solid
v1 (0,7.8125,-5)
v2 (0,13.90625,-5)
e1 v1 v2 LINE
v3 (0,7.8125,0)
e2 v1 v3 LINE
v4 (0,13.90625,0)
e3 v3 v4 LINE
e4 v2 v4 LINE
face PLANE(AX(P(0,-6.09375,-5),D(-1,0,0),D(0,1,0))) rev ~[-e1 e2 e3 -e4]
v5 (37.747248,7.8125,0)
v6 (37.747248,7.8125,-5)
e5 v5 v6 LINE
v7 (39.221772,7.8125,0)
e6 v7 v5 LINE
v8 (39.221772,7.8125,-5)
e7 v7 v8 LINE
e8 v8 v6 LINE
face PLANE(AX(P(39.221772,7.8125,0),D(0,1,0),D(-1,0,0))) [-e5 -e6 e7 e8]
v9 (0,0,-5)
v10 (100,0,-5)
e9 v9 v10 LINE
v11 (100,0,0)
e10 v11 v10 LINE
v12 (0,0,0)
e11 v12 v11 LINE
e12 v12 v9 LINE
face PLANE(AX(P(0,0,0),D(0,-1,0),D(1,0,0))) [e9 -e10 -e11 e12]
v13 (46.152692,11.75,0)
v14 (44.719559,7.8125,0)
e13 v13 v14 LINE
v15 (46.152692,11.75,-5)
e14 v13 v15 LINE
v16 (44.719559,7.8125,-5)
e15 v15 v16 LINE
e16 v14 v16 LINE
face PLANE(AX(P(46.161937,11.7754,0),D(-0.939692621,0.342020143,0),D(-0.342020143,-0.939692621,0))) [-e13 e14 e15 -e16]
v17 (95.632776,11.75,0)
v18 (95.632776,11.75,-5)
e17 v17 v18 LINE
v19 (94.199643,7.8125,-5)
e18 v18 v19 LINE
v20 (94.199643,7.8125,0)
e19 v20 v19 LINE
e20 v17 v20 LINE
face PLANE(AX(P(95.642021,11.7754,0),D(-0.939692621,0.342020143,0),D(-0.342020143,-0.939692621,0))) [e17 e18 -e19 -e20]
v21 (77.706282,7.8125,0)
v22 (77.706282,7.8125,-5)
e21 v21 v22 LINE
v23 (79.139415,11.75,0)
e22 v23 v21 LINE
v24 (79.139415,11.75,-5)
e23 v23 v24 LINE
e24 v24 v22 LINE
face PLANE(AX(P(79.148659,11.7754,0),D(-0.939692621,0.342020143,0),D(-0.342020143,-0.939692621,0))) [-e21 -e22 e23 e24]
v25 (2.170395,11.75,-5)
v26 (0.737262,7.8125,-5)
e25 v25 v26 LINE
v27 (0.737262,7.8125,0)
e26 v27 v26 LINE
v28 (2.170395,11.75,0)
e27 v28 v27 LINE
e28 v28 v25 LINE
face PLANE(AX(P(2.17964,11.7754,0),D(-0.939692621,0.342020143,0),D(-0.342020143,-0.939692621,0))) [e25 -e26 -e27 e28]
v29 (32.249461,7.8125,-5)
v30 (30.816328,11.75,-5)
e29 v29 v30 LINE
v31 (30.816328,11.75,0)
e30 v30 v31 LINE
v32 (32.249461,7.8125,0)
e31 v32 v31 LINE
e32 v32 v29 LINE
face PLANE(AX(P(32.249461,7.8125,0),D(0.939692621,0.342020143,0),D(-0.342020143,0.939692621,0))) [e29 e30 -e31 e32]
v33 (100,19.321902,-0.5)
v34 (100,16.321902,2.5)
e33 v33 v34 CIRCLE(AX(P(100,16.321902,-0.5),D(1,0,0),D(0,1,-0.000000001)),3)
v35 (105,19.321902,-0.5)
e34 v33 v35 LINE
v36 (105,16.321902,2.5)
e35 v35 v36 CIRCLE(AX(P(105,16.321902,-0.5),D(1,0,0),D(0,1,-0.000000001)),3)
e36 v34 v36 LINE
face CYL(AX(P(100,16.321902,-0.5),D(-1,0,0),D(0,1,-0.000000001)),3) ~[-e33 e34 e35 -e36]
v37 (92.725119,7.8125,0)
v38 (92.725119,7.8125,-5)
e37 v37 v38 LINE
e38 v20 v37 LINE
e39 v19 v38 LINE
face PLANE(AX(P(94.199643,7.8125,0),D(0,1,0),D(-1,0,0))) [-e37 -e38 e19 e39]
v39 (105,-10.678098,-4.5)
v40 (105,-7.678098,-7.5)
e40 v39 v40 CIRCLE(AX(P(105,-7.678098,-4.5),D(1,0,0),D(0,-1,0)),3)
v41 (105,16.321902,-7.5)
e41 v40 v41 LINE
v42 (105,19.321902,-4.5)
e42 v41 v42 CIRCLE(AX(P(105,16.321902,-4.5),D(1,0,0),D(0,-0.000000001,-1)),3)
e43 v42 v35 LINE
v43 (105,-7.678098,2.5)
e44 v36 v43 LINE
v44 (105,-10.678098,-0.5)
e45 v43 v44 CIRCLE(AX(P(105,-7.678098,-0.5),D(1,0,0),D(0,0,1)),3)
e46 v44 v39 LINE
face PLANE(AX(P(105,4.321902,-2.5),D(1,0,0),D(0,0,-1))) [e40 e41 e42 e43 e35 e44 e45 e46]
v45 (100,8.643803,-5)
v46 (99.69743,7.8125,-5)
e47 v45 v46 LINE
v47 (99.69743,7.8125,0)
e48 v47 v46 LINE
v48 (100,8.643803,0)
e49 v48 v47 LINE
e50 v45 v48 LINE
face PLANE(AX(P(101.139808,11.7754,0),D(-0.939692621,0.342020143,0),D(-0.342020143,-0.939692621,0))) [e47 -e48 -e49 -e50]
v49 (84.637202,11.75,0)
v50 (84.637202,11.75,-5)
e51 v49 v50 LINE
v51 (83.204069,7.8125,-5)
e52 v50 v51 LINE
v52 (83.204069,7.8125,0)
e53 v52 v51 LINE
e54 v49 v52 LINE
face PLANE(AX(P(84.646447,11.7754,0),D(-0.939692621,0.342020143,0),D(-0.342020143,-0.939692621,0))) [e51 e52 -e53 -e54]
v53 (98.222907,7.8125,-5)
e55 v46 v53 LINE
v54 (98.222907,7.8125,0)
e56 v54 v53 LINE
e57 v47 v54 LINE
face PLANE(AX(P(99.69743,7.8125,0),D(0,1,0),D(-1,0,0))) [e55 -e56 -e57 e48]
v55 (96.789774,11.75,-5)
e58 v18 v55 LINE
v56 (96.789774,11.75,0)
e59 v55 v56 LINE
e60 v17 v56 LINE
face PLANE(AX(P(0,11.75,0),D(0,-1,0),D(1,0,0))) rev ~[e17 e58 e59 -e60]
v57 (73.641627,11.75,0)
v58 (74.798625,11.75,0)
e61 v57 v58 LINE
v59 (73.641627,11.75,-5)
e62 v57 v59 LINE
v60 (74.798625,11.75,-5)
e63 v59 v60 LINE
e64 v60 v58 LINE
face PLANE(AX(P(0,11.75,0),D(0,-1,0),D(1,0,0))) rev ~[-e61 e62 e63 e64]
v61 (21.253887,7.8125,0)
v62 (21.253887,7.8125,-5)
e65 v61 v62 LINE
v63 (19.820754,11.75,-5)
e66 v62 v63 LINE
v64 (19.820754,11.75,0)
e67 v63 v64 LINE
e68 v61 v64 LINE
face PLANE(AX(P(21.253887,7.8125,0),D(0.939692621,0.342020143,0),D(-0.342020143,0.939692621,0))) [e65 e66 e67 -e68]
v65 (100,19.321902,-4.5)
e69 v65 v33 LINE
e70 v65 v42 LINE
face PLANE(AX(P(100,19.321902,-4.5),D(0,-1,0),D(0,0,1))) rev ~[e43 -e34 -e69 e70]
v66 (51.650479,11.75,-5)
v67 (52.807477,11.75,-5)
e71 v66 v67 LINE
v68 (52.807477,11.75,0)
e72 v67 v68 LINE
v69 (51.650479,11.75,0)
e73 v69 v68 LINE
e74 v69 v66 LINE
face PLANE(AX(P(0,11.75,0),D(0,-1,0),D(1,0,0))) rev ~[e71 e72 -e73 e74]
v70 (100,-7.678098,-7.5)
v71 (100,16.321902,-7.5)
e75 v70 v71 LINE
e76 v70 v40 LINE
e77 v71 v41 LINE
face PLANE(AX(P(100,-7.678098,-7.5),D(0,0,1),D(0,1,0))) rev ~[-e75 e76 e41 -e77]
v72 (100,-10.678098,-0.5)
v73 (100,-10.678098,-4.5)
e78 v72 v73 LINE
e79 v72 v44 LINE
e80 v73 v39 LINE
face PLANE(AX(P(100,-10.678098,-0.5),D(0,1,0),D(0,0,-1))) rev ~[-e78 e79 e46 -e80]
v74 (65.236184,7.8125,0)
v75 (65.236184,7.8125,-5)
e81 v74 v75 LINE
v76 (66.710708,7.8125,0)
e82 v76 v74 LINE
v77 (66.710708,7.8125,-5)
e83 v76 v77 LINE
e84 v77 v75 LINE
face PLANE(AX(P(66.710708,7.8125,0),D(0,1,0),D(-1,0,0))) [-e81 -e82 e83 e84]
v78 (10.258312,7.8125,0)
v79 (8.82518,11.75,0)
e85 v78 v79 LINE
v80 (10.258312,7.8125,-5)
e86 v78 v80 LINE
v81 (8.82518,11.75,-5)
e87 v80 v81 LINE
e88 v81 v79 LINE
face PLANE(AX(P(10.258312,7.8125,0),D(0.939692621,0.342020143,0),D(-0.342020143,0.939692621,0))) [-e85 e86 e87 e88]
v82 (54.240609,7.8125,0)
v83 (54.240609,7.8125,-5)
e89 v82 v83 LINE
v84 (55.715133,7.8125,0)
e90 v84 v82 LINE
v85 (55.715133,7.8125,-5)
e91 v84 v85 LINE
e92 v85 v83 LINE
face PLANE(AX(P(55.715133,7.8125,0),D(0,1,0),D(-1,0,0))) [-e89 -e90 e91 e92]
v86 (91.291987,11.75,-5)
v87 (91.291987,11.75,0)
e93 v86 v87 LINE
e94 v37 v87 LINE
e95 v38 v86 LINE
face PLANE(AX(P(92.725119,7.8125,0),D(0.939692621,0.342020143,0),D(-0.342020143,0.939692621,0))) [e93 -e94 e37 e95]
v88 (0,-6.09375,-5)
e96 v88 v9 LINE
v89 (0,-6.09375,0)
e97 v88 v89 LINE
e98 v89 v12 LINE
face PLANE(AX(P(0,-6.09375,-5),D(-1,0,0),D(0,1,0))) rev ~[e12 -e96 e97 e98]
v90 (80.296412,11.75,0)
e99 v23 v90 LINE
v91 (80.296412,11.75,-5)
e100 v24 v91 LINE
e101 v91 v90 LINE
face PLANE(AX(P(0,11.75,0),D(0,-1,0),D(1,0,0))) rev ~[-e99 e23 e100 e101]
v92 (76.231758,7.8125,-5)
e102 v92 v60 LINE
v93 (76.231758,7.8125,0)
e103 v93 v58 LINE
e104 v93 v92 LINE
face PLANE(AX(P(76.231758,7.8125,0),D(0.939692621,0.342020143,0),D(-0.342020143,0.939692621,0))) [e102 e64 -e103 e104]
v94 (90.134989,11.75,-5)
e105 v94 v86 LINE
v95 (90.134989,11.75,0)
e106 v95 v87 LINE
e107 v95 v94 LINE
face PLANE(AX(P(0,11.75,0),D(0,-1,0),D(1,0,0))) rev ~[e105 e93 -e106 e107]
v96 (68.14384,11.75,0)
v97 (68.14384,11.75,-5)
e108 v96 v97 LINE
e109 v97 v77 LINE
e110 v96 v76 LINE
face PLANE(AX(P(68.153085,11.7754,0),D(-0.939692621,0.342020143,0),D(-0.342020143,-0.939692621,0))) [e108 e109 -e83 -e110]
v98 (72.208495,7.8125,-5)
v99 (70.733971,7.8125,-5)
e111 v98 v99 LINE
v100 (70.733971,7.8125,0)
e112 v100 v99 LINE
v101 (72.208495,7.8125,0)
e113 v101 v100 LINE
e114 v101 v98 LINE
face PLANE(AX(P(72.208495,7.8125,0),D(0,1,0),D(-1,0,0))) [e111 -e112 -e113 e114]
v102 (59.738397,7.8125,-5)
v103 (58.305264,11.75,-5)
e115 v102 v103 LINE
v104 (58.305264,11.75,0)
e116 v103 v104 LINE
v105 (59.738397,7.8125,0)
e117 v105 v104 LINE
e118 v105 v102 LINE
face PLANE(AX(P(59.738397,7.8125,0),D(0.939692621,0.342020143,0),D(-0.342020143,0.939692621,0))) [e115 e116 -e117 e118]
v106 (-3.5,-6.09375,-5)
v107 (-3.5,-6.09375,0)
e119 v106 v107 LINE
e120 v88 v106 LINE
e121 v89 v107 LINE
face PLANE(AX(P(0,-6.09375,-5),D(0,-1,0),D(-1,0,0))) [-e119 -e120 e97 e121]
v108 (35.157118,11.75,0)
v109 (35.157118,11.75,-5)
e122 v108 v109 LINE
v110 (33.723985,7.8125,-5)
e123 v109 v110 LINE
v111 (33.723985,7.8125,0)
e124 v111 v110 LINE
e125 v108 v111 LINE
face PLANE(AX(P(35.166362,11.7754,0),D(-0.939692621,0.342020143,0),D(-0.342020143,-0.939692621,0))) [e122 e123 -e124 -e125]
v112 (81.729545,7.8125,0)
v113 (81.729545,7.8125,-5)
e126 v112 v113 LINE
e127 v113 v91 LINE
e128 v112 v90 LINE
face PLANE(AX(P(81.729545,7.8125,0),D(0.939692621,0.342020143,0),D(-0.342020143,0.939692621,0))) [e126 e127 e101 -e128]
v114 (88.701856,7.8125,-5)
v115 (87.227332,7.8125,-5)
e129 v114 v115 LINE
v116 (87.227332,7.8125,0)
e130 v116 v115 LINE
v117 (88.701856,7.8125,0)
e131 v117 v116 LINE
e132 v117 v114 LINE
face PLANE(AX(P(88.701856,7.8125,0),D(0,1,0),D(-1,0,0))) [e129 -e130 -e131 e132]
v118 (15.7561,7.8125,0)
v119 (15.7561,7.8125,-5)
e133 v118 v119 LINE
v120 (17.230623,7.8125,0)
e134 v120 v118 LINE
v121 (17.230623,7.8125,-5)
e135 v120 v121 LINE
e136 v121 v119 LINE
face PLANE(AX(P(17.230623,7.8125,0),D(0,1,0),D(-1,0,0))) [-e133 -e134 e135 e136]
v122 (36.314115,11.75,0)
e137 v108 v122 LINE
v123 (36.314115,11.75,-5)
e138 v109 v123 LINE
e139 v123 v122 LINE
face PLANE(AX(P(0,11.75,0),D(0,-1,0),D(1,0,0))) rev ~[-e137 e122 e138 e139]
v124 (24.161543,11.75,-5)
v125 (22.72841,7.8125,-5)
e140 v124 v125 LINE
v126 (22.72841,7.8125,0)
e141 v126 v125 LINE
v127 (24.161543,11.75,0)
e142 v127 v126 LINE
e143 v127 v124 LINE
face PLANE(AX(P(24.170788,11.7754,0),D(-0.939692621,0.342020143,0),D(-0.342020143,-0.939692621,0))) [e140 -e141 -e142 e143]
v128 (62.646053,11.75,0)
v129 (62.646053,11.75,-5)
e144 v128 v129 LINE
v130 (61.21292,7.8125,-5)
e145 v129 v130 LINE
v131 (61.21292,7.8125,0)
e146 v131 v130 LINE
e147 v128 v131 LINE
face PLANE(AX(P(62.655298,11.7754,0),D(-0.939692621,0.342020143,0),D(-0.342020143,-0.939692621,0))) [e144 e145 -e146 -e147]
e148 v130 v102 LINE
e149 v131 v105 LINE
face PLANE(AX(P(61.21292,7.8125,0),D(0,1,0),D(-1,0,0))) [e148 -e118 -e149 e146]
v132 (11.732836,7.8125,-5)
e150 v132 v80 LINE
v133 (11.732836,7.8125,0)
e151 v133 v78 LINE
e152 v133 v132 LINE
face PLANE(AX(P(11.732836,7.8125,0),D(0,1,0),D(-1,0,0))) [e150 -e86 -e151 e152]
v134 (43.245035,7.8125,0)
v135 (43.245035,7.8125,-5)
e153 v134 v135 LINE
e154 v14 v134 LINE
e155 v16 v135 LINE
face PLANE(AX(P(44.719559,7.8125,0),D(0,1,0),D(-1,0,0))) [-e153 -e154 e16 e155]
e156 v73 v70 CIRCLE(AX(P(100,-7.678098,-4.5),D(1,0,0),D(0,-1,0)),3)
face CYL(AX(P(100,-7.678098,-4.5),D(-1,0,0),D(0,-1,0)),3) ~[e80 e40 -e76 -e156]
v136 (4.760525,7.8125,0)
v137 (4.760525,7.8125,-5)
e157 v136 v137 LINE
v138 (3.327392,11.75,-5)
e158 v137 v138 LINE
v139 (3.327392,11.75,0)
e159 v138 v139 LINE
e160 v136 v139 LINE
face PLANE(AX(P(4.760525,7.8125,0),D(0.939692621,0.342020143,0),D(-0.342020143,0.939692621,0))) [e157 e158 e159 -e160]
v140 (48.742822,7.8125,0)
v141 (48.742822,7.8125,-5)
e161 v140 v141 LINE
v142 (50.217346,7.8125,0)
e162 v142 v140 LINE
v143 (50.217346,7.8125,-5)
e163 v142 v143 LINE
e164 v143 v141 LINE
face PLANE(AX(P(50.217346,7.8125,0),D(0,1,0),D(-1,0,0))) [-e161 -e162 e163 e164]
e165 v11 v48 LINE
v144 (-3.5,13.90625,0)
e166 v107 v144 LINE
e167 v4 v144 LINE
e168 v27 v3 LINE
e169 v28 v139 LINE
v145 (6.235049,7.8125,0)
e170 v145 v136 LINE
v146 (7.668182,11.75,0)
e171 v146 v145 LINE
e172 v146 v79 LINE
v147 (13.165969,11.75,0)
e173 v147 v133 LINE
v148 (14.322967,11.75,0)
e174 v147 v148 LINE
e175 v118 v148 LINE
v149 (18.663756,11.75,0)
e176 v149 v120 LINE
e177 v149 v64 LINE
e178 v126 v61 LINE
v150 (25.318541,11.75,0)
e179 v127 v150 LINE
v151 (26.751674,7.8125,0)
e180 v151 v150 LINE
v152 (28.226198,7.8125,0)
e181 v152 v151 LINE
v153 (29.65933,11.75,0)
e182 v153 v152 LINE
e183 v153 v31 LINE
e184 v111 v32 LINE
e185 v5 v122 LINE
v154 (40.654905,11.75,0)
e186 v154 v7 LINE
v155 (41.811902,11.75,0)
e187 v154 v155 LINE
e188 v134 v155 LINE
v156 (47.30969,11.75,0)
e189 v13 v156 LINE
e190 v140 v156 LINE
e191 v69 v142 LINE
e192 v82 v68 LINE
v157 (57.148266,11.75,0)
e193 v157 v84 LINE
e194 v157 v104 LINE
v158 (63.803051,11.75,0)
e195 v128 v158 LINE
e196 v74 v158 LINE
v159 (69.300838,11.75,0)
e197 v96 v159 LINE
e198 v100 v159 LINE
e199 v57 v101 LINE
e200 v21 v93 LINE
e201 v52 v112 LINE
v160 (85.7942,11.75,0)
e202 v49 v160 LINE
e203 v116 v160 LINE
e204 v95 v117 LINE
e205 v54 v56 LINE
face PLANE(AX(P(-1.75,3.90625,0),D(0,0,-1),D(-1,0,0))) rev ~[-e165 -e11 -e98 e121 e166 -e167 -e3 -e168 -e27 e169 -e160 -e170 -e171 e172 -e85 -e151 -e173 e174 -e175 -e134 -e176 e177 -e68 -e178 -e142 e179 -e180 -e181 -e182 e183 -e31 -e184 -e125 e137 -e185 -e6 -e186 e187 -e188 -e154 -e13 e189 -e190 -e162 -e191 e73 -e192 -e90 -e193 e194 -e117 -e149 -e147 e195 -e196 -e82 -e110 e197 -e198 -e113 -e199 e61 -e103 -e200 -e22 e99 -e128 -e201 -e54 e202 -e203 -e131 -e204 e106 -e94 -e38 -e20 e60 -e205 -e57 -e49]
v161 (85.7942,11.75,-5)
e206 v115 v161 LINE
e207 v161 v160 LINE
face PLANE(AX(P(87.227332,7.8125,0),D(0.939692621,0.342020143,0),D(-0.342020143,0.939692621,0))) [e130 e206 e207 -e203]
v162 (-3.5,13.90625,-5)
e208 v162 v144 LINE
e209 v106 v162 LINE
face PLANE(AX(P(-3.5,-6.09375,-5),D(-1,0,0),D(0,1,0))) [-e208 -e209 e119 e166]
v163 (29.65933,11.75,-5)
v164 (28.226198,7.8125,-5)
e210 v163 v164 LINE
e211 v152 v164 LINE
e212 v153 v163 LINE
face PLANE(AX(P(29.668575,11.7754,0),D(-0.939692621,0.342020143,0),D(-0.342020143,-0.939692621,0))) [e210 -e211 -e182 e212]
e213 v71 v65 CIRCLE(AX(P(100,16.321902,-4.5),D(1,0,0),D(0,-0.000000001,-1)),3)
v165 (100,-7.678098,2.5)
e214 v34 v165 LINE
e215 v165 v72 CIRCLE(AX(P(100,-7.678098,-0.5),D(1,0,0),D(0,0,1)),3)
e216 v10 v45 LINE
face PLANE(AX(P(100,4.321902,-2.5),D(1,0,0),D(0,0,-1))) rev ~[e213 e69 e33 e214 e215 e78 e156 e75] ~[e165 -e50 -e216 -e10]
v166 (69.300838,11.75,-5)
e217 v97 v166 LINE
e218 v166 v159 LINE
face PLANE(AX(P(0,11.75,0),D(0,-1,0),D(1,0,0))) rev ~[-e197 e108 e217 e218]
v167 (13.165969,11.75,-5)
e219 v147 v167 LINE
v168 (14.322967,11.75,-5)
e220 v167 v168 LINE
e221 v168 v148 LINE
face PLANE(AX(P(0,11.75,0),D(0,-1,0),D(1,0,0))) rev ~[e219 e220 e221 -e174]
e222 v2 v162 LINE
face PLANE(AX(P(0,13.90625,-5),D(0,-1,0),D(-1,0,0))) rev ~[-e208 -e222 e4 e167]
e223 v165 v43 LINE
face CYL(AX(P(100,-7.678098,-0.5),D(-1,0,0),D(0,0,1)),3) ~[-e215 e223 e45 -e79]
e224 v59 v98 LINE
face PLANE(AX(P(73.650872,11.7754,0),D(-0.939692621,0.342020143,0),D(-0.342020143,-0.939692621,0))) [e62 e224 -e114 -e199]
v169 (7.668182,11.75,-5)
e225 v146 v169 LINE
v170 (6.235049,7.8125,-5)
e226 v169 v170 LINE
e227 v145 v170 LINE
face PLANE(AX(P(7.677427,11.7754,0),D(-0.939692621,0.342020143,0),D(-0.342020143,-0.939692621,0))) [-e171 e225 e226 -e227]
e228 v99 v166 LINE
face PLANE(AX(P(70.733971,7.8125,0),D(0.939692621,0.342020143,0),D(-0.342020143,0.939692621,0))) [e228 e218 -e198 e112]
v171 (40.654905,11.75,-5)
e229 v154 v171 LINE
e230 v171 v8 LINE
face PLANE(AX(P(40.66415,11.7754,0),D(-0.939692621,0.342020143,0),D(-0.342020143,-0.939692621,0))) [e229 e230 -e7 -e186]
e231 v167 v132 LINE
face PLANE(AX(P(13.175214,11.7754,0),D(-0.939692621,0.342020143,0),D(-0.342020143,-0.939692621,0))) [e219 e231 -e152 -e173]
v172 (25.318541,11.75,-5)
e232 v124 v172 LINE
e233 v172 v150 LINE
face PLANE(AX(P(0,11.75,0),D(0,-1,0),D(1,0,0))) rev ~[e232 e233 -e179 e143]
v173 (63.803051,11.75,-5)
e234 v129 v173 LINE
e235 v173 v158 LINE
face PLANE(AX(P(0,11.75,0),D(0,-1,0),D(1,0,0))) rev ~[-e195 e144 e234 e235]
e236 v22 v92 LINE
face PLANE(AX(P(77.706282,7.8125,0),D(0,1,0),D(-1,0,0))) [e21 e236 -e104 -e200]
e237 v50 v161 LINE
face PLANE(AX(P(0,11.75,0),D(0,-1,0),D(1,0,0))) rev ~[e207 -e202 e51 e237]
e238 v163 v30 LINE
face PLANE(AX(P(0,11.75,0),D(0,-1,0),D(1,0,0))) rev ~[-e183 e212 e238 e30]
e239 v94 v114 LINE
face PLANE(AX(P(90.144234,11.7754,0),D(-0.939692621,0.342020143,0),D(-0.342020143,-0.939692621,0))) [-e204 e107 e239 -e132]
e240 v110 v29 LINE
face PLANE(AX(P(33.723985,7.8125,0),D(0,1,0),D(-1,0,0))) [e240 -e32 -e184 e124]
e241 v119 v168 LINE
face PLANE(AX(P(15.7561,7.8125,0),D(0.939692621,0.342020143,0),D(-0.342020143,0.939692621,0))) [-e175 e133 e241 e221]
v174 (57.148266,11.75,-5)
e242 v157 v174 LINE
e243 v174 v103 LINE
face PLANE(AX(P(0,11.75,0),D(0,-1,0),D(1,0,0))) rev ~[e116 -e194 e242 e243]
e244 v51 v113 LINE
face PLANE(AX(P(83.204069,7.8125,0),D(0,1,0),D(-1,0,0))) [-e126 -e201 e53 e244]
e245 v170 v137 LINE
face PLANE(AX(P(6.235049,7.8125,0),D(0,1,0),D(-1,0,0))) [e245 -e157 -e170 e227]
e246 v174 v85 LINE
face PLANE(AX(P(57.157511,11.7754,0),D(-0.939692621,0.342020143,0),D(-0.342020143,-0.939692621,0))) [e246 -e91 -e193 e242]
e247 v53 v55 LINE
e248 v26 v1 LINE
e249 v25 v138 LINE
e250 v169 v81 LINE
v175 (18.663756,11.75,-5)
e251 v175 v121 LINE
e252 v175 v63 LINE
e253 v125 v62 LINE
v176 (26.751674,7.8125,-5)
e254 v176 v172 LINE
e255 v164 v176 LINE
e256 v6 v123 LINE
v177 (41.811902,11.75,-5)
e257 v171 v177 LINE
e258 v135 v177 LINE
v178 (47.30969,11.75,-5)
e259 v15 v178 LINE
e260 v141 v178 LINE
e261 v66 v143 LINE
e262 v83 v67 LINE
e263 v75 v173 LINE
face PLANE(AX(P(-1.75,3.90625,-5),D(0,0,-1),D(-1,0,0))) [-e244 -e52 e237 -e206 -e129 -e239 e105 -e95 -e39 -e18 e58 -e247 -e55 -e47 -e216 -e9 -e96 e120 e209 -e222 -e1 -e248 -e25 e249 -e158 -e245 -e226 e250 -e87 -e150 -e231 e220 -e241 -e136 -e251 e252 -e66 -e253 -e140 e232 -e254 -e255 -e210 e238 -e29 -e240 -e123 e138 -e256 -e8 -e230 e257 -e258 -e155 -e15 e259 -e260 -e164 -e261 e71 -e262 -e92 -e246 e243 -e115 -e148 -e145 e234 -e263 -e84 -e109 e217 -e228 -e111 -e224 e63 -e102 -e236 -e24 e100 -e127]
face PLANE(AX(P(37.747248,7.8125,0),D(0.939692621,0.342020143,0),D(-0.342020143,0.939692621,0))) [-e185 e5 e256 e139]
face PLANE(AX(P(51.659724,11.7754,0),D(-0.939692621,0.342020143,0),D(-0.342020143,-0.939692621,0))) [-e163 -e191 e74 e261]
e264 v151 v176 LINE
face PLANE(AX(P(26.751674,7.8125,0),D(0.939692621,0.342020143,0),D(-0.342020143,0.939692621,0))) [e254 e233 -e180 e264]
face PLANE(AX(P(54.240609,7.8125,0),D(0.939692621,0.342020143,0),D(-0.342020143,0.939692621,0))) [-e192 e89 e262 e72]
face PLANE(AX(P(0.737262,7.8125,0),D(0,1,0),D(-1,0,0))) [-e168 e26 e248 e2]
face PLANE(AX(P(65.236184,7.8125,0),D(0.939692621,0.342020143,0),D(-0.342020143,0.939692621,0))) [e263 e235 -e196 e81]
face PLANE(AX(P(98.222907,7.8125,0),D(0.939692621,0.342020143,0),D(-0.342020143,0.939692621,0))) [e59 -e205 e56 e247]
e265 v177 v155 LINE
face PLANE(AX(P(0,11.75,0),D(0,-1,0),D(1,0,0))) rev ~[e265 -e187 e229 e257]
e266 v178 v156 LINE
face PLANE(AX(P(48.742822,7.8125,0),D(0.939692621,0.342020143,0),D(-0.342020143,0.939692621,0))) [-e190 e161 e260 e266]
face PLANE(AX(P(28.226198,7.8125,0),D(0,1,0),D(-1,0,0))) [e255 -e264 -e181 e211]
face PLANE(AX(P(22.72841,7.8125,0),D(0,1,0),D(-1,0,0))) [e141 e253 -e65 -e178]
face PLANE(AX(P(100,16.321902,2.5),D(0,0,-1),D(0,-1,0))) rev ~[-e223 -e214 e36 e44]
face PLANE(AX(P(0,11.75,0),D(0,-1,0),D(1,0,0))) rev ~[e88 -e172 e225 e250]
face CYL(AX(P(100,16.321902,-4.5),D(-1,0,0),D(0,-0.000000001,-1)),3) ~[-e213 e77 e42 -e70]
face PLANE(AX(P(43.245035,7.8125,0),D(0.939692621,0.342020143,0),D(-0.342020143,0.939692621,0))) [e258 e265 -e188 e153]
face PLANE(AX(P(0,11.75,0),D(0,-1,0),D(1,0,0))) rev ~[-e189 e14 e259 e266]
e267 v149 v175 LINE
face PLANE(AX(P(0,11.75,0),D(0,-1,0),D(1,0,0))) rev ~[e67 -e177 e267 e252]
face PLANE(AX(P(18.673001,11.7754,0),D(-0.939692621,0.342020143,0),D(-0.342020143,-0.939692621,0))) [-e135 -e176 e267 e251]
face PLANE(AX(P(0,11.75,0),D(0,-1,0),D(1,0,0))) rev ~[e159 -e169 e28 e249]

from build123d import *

# Parameters (mm, degrees)
BLANKSKE_W         = 100
BLANKSKE_H         = 11.75
BLANK_DEPTH        = 5
TOOTHCUTSIM_DEPTH  = 101.812015653
TEETHCUTS_COUNT    = 19
TEETHCUTS_PITCH    = 5.497787138
ESQUISSE1_W        = 3.5
ESQUISSE1_H        = 20
BOSS_EXTRU_1_DEPTH = 5
BOSS_EXTRU_2_DEPTH = 5


with BuildPart() as part:
    # BlankSke → Blank (new body)
    with BuildSketch(Plane.XY):
        with Locations((50, 5.875)):
            Rectangle(BLANKSKE_W, BLANKSKE_H)
    extrude(amount=-BLANK_DEPTH)

    # TooCutSkeSim → ToothCutSim (cut, through all)
    with BuildSketch(Plane.XY):
        Polygon((0.737261897, 7.8125), (-0.737261897, 7.8125), (-2.179639538, 11.7754), (2.179639538, 11.7754), align=None)
    toothcutsim = extrude(amount=-TOOTHCUTSIM_DEPTH, mode=Mode.SUBTRACT)

    # TeethCuts: ToothCutSim ×19
    with Locations(*[(i * TEETHCUTS_PITCH, 0, 0) for i in range(1, TEETHCUTS_COUNT)]):
        add(toothcutsim, mode=Mode.SUBTRACT)

    # Esquisse1 → Boss.-Extru.1 (add, through all)
    with BuildSketch(Plane(origin=(0, 0, -5), x_dir=(-1, 0, 0), z_dir=(0, 0, -1))):
        with Locations((1.75, 3.90625)):
            Rectangle(ESQUISSE1_W, ESQUISSE1_H)
    extrude(amount=-BOSS_EXTRU_1_DEPTH)

    # Esquisse4 → Boss.-Extru.2 (add)
    with BuildSketch(Plane(origin=(100, 0, 0), x_dir=(0, 0, -1), z_dir=(1, 0, 0))):
        with BuildLine():
            Line((0.5, -10.67809839), (4.5, -10.67809839))
            ThreePointArc((4.5, -10.67809839), (6.621320344, -9.799418733), (7.5, -7.67809839))
            Line((7.5, -7.67809839), (7.5, 16.32190161))
            ThreePointArc((7.5, 16.32190161), (6.621320344, 18.443221954), (4.5, 19.32190161))
            Line((4.5, 19.32190161), (0.5, 19.32190161))
            ThreePointArc((0.5, 19.32190161), (-1.621320344, 18.443221954), (-2.5, 16.32190161))
            Line((-2.5, 16.32190161), (-2.5, -7.67809839))
            ThreePointArc((-2.5, -7.67809839), (-1.621320344, -9.799418733), (0.5, -10.67809839))
        make_face()
    extrude(amount=BOSS_EXTRU_2_DEPTH)


solid = part.part
